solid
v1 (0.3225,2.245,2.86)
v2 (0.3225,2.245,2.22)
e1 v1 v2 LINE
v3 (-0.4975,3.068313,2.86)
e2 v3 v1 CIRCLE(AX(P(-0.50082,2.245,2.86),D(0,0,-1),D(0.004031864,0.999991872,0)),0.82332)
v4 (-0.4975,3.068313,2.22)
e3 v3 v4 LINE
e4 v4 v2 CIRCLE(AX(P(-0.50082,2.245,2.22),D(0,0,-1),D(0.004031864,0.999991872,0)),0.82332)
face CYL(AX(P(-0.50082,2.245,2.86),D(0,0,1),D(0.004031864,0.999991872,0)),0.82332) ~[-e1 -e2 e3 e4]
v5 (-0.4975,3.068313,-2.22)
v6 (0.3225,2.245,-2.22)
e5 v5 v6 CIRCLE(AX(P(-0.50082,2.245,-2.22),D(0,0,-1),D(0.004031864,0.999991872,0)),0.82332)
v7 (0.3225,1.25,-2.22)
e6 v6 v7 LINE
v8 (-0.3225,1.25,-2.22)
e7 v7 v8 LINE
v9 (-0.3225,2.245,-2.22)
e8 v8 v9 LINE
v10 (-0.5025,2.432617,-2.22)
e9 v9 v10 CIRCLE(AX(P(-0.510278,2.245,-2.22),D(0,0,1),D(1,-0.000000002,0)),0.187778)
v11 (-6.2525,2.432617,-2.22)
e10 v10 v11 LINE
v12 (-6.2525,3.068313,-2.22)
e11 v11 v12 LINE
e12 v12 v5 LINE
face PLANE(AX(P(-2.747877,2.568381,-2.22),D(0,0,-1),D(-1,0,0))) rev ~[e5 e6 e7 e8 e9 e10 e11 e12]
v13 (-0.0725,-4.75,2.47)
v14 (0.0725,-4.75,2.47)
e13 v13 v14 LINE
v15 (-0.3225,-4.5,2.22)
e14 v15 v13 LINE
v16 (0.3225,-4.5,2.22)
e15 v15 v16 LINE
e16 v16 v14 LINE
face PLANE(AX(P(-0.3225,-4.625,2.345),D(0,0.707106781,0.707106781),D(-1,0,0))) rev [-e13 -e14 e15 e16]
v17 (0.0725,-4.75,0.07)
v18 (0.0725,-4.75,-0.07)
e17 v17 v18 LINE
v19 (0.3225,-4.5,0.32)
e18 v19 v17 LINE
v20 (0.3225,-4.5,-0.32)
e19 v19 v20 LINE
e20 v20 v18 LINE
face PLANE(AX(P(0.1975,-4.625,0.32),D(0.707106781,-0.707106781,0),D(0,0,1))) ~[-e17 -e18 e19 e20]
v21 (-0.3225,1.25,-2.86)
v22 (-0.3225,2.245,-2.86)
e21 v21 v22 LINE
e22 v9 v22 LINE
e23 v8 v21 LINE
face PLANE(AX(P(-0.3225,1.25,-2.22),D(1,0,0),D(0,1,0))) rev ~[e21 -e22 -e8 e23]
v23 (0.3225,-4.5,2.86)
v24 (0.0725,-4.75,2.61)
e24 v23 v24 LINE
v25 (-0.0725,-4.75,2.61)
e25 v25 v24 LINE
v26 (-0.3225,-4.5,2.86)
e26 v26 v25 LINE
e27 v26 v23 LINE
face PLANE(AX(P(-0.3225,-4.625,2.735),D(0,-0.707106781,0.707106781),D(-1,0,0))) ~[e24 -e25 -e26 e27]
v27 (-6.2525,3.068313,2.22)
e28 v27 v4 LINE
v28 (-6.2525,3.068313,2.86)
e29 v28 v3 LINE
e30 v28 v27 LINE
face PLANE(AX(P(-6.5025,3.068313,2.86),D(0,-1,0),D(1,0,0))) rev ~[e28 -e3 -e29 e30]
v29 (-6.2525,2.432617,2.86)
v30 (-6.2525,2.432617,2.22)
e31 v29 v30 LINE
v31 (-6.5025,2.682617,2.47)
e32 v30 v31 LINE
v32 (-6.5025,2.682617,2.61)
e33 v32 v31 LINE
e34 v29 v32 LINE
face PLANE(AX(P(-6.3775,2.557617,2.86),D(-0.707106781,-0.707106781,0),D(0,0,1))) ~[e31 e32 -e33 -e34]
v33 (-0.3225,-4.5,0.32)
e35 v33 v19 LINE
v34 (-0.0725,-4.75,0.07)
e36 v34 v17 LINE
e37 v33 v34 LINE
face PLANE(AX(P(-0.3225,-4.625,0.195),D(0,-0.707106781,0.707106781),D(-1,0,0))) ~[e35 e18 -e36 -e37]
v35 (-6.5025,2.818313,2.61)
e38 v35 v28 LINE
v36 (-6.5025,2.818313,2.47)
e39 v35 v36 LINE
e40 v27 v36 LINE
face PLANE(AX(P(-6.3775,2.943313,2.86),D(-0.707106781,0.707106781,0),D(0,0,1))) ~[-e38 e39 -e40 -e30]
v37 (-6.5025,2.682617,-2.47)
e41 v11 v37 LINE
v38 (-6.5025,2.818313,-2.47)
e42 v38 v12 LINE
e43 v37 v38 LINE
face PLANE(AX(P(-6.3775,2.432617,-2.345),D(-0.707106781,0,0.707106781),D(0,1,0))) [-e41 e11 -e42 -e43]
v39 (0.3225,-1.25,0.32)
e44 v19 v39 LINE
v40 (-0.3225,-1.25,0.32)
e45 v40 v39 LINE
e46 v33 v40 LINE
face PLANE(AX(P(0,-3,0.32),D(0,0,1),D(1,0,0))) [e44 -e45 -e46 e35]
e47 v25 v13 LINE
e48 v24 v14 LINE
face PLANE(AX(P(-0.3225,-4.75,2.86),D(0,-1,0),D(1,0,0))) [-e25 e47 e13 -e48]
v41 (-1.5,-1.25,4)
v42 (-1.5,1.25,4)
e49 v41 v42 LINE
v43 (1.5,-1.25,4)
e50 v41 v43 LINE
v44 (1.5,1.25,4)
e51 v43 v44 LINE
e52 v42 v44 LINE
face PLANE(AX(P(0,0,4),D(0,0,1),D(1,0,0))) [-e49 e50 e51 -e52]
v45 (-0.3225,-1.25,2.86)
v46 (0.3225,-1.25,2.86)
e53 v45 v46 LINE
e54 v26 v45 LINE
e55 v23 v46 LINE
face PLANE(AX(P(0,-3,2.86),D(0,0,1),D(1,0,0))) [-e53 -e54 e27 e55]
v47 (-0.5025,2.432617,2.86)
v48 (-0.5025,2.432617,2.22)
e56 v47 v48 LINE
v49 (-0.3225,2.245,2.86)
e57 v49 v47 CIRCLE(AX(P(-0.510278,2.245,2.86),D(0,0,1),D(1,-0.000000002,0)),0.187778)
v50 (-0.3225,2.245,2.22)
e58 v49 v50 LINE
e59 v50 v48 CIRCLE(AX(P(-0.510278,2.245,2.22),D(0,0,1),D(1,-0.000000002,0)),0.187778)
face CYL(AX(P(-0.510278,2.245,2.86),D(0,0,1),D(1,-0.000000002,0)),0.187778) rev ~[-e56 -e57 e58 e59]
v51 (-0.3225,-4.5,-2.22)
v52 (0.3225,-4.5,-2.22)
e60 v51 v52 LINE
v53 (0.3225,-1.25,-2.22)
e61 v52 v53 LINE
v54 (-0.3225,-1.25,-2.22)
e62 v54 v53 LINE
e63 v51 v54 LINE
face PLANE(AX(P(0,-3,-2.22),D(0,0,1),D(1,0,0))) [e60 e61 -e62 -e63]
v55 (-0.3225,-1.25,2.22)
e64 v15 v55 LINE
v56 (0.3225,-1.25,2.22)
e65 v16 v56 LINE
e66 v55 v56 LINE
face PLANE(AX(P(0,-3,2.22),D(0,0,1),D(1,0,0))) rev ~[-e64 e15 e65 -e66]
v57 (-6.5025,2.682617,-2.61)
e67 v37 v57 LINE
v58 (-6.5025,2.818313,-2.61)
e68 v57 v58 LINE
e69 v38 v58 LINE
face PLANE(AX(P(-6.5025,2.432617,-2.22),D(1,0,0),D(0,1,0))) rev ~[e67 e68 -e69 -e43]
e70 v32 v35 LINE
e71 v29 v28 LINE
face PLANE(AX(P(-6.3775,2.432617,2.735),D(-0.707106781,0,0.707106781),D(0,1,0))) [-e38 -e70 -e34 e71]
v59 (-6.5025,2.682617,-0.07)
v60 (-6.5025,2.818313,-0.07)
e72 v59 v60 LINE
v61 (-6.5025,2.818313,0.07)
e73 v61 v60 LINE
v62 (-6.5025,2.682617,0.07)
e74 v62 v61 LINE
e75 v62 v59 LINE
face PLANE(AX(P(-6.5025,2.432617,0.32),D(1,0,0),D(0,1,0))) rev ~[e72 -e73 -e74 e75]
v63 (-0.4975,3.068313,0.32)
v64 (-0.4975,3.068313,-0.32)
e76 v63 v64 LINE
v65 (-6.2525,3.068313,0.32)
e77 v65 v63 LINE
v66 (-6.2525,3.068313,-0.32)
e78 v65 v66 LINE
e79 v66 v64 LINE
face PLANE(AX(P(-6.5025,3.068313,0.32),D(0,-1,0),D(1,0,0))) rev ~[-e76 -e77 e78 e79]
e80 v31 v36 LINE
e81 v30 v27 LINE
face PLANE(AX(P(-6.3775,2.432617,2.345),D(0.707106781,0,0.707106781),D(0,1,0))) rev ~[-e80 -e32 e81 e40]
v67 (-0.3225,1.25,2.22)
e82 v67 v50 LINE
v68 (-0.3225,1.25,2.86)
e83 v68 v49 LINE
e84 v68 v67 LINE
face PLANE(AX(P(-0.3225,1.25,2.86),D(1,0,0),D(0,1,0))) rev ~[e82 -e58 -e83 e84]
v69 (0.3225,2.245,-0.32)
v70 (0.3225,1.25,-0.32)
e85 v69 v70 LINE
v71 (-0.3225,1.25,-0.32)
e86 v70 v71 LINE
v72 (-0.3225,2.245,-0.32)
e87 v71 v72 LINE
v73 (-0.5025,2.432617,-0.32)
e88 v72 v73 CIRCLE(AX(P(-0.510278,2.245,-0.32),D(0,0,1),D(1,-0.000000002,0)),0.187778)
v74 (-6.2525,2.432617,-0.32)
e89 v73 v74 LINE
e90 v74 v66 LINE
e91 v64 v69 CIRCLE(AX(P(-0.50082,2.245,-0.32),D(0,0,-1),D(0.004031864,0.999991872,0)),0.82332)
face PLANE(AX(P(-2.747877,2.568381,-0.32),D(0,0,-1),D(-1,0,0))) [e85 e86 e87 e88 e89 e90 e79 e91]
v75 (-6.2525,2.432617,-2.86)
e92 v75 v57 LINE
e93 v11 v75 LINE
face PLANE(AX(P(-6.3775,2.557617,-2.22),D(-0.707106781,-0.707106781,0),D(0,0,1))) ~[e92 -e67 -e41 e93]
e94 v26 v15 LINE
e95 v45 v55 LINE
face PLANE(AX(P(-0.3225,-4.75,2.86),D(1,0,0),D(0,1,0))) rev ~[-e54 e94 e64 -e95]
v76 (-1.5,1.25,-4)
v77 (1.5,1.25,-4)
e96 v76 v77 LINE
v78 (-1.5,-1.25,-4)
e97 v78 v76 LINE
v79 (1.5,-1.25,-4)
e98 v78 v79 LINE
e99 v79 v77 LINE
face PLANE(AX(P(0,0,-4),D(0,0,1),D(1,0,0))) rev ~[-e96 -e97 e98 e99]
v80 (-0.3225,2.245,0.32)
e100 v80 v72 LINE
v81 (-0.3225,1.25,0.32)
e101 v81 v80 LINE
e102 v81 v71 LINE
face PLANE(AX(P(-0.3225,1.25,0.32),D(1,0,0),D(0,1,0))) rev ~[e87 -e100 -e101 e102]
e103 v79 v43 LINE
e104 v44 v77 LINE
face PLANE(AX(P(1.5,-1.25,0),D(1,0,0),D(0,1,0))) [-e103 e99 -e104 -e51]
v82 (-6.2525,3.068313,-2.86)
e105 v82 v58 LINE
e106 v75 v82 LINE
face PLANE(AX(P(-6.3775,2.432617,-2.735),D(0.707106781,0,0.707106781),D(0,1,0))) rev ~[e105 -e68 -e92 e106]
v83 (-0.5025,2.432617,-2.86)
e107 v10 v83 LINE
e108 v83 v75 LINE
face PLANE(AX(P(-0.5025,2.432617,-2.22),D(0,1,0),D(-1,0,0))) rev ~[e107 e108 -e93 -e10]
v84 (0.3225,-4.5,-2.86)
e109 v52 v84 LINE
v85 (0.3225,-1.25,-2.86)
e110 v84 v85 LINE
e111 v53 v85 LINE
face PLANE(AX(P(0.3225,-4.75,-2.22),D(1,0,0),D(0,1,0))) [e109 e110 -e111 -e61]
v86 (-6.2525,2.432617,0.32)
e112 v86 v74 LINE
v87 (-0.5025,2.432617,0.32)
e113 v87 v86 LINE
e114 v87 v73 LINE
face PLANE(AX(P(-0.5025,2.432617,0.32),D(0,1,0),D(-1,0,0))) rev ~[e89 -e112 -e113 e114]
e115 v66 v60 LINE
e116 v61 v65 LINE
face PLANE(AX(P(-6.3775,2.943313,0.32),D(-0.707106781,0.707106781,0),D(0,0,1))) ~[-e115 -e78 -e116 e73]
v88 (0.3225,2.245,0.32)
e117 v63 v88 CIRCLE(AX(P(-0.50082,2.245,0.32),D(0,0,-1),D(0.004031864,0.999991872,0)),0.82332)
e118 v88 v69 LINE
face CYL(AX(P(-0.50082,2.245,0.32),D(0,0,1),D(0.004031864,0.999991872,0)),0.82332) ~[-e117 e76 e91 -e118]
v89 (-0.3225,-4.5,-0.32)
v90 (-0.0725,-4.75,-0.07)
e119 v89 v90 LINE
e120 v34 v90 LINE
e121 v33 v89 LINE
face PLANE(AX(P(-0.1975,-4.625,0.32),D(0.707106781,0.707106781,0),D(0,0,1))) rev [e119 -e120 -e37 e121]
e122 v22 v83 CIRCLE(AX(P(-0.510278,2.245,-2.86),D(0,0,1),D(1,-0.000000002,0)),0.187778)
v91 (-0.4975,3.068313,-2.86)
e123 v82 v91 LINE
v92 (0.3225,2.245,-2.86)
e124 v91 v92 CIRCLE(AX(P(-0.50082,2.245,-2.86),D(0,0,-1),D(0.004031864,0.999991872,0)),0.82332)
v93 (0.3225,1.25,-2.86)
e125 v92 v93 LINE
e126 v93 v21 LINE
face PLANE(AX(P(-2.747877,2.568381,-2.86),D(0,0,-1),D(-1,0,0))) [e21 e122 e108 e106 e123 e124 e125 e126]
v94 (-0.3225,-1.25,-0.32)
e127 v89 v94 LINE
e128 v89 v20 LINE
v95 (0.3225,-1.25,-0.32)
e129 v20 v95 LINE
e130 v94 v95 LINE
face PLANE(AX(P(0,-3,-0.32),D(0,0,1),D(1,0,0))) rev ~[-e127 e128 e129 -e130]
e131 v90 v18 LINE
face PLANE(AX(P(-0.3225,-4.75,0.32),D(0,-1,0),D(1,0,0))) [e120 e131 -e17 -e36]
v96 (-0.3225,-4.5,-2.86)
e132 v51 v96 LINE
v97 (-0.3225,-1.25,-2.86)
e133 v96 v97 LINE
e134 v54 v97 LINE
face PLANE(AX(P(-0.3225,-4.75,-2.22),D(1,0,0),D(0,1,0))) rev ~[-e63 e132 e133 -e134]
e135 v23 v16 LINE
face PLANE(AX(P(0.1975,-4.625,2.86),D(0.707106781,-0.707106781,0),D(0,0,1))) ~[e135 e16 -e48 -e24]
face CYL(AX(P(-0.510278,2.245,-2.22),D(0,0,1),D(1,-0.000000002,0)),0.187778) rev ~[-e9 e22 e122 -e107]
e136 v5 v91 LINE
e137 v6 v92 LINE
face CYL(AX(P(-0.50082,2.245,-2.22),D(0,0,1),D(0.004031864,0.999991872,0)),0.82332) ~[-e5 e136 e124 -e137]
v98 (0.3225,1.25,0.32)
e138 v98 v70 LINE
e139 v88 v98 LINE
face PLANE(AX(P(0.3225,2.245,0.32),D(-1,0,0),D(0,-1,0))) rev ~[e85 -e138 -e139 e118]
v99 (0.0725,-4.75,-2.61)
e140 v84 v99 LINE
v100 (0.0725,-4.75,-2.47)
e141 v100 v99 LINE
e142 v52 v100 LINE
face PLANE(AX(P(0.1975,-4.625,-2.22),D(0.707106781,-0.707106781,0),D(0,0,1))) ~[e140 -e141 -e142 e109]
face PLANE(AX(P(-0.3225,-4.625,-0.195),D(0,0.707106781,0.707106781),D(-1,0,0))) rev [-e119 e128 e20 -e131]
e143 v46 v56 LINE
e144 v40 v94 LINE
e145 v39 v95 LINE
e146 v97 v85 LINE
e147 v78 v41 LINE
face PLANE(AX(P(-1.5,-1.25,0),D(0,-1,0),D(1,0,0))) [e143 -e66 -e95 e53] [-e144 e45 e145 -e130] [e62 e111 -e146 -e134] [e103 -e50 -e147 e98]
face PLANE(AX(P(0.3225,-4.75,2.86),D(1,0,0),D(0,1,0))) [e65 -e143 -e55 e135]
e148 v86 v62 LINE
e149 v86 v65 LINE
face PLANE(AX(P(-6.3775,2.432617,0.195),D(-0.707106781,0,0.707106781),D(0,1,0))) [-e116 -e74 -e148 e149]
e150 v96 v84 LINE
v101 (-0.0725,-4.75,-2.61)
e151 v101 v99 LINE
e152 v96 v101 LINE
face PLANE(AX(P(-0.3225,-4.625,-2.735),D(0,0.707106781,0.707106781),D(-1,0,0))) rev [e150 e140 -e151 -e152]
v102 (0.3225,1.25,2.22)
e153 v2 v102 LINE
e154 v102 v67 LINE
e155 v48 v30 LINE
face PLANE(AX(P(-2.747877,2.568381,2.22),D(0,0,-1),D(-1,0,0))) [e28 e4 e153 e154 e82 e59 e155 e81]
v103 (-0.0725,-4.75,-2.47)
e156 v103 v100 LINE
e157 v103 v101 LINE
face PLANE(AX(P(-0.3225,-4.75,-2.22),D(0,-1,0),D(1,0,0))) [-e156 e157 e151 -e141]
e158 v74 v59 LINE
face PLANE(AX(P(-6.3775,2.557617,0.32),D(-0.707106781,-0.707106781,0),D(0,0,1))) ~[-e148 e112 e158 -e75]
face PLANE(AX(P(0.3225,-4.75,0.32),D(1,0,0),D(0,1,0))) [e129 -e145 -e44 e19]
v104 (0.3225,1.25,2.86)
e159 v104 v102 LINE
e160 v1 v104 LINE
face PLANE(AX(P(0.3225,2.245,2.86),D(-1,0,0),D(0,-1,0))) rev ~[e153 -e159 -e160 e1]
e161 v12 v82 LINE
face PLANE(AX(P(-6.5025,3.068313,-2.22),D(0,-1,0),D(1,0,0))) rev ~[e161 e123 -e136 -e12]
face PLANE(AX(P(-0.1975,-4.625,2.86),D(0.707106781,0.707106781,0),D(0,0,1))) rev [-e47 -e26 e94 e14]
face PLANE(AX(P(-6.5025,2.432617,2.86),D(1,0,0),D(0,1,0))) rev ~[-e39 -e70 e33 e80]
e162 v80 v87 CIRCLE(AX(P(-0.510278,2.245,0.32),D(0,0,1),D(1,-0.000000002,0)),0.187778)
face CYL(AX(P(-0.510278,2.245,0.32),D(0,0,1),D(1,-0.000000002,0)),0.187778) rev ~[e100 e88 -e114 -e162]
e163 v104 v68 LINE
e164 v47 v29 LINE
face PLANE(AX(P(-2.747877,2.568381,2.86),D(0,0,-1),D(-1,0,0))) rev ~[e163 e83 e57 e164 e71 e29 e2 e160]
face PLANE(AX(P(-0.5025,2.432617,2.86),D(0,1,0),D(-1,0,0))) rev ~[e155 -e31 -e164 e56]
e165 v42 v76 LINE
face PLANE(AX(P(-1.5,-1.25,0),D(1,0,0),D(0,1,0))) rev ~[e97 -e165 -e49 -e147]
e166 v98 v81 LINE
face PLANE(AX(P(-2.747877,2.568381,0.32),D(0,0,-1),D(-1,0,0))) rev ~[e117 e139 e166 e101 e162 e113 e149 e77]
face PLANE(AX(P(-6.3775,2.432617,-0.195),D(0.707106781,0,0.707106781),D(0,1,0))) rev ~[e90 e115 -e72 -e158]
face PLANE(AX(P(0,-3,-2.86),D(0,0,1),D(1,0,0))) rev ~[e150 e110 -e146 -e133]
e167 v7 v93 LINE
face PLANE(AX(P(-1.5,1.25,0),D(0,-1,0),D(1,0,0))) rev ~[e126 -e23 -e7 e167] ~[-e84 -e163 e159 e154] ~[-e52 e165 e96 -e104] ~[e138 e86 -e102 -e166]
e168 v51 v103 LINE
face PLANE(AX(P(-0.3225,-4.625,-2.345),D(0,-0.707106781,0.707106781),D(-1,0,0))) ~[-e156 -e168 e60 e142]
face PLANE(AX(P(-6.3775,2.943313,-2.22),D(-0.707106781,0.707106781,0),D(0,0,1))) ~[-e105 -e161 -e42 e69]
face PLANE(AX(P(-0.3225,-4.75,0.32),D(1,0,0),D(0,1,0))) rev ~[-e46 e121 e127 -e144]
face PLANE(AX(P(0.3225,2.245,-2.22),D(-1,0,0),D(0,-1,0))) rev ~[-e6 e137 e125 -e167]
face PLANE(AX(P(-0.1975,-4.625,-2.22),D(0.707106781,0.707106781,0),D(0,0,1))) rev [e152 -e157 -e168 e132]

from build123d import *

# Parameters (mm, degrees)
SKETCH1_W       = 3
SKETCH1_H       = 2.5
EXTRUDE1_DEPTH  = 4
SKETCH2_W       = 0.645
SKETCH2_H       = 3.5
EXTRUDE2_DEPTH  = 0.64
LPATTERN1_COUNT = 3
LPATTERN1_PITCH = 2.54
CHAMFER1_SIZE   = 0.25


with BuildPart() as part:
    # Sketch1 → Extrude1 (new body, symmetric)
    with BuildSketch(Plane.XY):
        Rectangle(SKETCH1_W, SKETCH1_H)
    extrude(amount=EXTRUDE1_DEPTH, both=True)

    # Sketch2 → Extrude2 (add)
    with BuildSketch(Plane.XY.offset(2.86)):
        with BuildLine():
            Line((-0.3225, 1.25), (-0.3225, 2.245))
            ThreePointArc((-0.3225, 2.245), (-0.374776878, 2.375), (-0.5025, 2.43261663))
            Line((-0.5025, 2.43261663), (-6.5025, 2.43261663))
            Line((-6.5025, 2.43261663), (-6.5025, 3.06831282))
            Line((-6.5025, 3.06831282), (-0.4975, 3.06831282))
            ThreePointArc((-0.4975, 3.06831282), (0.082527742, 2.826), (0.3225, 2.245))
            Line((0.3225, 2.245), (0.3225, 1.25))
            Line((0.3225, 1.25), (-0.3225, 1.25))
        make_face()
        with Locations((0, -3)):
            Rectangle(SKETCH2_W, SKETCH2_H)
    extrude2 = extrude(amount=-EXTRUDE2_DEPTH)

    # LPattern1: Extrude2 ×3
    with Locations(*[(0, 0, -i * LPATTERN1_PITCH) for i in range(1, LPATTERN1_COUNT)]):
        add(extrude2)

    # Chamfer1
    chamfer1_edges = [part.edges().sort_by_distance(p)[0] for p in [
        (-6.5025, 2.750464725, 2.22),
        (-6.5025, 2.43261663, 2.54),
        (-6.5025, 3.06831282, 2.54),
        (-6.5025, 2.750464725, 2.86),
        (0, -4.75, 2.22),
        (0.3225, -4.75, 2.54),
        (-0.3225, -4.75, 2.54),
        (0, -4.75, 2.86),
        (-6.5025, 2.750464725, -0.32),
        (-6.5025, 2.43261663, 0),
        (-6.5025, 3.06831282, 0),
        (-6.5025, 2.750464725, 0.32),
        (0, -4.75, -0.32),
        (0.3225, -4.75, 0),
        (-0.3225, -4.75, 0),
        (0, -4.75, 0.32),
        (-6.5025, 2.750464725, -2.86),
        (-6.5025, 2.43261663, -2.54),
        (-6.5025, 3.06831282, -2.54),
        (-6.5025, 2.750464725, -2.22),
        (0, -4.75, -2.86),
        (0.3225, -4.75, -2.54),
        (-0.3225, -4.75, -2.54),
        (0, -4.75, -2.22),
    ]]
    chamfer(chamfer1_edges, length=CHAMFER1_SIZE)


solid = part.part
